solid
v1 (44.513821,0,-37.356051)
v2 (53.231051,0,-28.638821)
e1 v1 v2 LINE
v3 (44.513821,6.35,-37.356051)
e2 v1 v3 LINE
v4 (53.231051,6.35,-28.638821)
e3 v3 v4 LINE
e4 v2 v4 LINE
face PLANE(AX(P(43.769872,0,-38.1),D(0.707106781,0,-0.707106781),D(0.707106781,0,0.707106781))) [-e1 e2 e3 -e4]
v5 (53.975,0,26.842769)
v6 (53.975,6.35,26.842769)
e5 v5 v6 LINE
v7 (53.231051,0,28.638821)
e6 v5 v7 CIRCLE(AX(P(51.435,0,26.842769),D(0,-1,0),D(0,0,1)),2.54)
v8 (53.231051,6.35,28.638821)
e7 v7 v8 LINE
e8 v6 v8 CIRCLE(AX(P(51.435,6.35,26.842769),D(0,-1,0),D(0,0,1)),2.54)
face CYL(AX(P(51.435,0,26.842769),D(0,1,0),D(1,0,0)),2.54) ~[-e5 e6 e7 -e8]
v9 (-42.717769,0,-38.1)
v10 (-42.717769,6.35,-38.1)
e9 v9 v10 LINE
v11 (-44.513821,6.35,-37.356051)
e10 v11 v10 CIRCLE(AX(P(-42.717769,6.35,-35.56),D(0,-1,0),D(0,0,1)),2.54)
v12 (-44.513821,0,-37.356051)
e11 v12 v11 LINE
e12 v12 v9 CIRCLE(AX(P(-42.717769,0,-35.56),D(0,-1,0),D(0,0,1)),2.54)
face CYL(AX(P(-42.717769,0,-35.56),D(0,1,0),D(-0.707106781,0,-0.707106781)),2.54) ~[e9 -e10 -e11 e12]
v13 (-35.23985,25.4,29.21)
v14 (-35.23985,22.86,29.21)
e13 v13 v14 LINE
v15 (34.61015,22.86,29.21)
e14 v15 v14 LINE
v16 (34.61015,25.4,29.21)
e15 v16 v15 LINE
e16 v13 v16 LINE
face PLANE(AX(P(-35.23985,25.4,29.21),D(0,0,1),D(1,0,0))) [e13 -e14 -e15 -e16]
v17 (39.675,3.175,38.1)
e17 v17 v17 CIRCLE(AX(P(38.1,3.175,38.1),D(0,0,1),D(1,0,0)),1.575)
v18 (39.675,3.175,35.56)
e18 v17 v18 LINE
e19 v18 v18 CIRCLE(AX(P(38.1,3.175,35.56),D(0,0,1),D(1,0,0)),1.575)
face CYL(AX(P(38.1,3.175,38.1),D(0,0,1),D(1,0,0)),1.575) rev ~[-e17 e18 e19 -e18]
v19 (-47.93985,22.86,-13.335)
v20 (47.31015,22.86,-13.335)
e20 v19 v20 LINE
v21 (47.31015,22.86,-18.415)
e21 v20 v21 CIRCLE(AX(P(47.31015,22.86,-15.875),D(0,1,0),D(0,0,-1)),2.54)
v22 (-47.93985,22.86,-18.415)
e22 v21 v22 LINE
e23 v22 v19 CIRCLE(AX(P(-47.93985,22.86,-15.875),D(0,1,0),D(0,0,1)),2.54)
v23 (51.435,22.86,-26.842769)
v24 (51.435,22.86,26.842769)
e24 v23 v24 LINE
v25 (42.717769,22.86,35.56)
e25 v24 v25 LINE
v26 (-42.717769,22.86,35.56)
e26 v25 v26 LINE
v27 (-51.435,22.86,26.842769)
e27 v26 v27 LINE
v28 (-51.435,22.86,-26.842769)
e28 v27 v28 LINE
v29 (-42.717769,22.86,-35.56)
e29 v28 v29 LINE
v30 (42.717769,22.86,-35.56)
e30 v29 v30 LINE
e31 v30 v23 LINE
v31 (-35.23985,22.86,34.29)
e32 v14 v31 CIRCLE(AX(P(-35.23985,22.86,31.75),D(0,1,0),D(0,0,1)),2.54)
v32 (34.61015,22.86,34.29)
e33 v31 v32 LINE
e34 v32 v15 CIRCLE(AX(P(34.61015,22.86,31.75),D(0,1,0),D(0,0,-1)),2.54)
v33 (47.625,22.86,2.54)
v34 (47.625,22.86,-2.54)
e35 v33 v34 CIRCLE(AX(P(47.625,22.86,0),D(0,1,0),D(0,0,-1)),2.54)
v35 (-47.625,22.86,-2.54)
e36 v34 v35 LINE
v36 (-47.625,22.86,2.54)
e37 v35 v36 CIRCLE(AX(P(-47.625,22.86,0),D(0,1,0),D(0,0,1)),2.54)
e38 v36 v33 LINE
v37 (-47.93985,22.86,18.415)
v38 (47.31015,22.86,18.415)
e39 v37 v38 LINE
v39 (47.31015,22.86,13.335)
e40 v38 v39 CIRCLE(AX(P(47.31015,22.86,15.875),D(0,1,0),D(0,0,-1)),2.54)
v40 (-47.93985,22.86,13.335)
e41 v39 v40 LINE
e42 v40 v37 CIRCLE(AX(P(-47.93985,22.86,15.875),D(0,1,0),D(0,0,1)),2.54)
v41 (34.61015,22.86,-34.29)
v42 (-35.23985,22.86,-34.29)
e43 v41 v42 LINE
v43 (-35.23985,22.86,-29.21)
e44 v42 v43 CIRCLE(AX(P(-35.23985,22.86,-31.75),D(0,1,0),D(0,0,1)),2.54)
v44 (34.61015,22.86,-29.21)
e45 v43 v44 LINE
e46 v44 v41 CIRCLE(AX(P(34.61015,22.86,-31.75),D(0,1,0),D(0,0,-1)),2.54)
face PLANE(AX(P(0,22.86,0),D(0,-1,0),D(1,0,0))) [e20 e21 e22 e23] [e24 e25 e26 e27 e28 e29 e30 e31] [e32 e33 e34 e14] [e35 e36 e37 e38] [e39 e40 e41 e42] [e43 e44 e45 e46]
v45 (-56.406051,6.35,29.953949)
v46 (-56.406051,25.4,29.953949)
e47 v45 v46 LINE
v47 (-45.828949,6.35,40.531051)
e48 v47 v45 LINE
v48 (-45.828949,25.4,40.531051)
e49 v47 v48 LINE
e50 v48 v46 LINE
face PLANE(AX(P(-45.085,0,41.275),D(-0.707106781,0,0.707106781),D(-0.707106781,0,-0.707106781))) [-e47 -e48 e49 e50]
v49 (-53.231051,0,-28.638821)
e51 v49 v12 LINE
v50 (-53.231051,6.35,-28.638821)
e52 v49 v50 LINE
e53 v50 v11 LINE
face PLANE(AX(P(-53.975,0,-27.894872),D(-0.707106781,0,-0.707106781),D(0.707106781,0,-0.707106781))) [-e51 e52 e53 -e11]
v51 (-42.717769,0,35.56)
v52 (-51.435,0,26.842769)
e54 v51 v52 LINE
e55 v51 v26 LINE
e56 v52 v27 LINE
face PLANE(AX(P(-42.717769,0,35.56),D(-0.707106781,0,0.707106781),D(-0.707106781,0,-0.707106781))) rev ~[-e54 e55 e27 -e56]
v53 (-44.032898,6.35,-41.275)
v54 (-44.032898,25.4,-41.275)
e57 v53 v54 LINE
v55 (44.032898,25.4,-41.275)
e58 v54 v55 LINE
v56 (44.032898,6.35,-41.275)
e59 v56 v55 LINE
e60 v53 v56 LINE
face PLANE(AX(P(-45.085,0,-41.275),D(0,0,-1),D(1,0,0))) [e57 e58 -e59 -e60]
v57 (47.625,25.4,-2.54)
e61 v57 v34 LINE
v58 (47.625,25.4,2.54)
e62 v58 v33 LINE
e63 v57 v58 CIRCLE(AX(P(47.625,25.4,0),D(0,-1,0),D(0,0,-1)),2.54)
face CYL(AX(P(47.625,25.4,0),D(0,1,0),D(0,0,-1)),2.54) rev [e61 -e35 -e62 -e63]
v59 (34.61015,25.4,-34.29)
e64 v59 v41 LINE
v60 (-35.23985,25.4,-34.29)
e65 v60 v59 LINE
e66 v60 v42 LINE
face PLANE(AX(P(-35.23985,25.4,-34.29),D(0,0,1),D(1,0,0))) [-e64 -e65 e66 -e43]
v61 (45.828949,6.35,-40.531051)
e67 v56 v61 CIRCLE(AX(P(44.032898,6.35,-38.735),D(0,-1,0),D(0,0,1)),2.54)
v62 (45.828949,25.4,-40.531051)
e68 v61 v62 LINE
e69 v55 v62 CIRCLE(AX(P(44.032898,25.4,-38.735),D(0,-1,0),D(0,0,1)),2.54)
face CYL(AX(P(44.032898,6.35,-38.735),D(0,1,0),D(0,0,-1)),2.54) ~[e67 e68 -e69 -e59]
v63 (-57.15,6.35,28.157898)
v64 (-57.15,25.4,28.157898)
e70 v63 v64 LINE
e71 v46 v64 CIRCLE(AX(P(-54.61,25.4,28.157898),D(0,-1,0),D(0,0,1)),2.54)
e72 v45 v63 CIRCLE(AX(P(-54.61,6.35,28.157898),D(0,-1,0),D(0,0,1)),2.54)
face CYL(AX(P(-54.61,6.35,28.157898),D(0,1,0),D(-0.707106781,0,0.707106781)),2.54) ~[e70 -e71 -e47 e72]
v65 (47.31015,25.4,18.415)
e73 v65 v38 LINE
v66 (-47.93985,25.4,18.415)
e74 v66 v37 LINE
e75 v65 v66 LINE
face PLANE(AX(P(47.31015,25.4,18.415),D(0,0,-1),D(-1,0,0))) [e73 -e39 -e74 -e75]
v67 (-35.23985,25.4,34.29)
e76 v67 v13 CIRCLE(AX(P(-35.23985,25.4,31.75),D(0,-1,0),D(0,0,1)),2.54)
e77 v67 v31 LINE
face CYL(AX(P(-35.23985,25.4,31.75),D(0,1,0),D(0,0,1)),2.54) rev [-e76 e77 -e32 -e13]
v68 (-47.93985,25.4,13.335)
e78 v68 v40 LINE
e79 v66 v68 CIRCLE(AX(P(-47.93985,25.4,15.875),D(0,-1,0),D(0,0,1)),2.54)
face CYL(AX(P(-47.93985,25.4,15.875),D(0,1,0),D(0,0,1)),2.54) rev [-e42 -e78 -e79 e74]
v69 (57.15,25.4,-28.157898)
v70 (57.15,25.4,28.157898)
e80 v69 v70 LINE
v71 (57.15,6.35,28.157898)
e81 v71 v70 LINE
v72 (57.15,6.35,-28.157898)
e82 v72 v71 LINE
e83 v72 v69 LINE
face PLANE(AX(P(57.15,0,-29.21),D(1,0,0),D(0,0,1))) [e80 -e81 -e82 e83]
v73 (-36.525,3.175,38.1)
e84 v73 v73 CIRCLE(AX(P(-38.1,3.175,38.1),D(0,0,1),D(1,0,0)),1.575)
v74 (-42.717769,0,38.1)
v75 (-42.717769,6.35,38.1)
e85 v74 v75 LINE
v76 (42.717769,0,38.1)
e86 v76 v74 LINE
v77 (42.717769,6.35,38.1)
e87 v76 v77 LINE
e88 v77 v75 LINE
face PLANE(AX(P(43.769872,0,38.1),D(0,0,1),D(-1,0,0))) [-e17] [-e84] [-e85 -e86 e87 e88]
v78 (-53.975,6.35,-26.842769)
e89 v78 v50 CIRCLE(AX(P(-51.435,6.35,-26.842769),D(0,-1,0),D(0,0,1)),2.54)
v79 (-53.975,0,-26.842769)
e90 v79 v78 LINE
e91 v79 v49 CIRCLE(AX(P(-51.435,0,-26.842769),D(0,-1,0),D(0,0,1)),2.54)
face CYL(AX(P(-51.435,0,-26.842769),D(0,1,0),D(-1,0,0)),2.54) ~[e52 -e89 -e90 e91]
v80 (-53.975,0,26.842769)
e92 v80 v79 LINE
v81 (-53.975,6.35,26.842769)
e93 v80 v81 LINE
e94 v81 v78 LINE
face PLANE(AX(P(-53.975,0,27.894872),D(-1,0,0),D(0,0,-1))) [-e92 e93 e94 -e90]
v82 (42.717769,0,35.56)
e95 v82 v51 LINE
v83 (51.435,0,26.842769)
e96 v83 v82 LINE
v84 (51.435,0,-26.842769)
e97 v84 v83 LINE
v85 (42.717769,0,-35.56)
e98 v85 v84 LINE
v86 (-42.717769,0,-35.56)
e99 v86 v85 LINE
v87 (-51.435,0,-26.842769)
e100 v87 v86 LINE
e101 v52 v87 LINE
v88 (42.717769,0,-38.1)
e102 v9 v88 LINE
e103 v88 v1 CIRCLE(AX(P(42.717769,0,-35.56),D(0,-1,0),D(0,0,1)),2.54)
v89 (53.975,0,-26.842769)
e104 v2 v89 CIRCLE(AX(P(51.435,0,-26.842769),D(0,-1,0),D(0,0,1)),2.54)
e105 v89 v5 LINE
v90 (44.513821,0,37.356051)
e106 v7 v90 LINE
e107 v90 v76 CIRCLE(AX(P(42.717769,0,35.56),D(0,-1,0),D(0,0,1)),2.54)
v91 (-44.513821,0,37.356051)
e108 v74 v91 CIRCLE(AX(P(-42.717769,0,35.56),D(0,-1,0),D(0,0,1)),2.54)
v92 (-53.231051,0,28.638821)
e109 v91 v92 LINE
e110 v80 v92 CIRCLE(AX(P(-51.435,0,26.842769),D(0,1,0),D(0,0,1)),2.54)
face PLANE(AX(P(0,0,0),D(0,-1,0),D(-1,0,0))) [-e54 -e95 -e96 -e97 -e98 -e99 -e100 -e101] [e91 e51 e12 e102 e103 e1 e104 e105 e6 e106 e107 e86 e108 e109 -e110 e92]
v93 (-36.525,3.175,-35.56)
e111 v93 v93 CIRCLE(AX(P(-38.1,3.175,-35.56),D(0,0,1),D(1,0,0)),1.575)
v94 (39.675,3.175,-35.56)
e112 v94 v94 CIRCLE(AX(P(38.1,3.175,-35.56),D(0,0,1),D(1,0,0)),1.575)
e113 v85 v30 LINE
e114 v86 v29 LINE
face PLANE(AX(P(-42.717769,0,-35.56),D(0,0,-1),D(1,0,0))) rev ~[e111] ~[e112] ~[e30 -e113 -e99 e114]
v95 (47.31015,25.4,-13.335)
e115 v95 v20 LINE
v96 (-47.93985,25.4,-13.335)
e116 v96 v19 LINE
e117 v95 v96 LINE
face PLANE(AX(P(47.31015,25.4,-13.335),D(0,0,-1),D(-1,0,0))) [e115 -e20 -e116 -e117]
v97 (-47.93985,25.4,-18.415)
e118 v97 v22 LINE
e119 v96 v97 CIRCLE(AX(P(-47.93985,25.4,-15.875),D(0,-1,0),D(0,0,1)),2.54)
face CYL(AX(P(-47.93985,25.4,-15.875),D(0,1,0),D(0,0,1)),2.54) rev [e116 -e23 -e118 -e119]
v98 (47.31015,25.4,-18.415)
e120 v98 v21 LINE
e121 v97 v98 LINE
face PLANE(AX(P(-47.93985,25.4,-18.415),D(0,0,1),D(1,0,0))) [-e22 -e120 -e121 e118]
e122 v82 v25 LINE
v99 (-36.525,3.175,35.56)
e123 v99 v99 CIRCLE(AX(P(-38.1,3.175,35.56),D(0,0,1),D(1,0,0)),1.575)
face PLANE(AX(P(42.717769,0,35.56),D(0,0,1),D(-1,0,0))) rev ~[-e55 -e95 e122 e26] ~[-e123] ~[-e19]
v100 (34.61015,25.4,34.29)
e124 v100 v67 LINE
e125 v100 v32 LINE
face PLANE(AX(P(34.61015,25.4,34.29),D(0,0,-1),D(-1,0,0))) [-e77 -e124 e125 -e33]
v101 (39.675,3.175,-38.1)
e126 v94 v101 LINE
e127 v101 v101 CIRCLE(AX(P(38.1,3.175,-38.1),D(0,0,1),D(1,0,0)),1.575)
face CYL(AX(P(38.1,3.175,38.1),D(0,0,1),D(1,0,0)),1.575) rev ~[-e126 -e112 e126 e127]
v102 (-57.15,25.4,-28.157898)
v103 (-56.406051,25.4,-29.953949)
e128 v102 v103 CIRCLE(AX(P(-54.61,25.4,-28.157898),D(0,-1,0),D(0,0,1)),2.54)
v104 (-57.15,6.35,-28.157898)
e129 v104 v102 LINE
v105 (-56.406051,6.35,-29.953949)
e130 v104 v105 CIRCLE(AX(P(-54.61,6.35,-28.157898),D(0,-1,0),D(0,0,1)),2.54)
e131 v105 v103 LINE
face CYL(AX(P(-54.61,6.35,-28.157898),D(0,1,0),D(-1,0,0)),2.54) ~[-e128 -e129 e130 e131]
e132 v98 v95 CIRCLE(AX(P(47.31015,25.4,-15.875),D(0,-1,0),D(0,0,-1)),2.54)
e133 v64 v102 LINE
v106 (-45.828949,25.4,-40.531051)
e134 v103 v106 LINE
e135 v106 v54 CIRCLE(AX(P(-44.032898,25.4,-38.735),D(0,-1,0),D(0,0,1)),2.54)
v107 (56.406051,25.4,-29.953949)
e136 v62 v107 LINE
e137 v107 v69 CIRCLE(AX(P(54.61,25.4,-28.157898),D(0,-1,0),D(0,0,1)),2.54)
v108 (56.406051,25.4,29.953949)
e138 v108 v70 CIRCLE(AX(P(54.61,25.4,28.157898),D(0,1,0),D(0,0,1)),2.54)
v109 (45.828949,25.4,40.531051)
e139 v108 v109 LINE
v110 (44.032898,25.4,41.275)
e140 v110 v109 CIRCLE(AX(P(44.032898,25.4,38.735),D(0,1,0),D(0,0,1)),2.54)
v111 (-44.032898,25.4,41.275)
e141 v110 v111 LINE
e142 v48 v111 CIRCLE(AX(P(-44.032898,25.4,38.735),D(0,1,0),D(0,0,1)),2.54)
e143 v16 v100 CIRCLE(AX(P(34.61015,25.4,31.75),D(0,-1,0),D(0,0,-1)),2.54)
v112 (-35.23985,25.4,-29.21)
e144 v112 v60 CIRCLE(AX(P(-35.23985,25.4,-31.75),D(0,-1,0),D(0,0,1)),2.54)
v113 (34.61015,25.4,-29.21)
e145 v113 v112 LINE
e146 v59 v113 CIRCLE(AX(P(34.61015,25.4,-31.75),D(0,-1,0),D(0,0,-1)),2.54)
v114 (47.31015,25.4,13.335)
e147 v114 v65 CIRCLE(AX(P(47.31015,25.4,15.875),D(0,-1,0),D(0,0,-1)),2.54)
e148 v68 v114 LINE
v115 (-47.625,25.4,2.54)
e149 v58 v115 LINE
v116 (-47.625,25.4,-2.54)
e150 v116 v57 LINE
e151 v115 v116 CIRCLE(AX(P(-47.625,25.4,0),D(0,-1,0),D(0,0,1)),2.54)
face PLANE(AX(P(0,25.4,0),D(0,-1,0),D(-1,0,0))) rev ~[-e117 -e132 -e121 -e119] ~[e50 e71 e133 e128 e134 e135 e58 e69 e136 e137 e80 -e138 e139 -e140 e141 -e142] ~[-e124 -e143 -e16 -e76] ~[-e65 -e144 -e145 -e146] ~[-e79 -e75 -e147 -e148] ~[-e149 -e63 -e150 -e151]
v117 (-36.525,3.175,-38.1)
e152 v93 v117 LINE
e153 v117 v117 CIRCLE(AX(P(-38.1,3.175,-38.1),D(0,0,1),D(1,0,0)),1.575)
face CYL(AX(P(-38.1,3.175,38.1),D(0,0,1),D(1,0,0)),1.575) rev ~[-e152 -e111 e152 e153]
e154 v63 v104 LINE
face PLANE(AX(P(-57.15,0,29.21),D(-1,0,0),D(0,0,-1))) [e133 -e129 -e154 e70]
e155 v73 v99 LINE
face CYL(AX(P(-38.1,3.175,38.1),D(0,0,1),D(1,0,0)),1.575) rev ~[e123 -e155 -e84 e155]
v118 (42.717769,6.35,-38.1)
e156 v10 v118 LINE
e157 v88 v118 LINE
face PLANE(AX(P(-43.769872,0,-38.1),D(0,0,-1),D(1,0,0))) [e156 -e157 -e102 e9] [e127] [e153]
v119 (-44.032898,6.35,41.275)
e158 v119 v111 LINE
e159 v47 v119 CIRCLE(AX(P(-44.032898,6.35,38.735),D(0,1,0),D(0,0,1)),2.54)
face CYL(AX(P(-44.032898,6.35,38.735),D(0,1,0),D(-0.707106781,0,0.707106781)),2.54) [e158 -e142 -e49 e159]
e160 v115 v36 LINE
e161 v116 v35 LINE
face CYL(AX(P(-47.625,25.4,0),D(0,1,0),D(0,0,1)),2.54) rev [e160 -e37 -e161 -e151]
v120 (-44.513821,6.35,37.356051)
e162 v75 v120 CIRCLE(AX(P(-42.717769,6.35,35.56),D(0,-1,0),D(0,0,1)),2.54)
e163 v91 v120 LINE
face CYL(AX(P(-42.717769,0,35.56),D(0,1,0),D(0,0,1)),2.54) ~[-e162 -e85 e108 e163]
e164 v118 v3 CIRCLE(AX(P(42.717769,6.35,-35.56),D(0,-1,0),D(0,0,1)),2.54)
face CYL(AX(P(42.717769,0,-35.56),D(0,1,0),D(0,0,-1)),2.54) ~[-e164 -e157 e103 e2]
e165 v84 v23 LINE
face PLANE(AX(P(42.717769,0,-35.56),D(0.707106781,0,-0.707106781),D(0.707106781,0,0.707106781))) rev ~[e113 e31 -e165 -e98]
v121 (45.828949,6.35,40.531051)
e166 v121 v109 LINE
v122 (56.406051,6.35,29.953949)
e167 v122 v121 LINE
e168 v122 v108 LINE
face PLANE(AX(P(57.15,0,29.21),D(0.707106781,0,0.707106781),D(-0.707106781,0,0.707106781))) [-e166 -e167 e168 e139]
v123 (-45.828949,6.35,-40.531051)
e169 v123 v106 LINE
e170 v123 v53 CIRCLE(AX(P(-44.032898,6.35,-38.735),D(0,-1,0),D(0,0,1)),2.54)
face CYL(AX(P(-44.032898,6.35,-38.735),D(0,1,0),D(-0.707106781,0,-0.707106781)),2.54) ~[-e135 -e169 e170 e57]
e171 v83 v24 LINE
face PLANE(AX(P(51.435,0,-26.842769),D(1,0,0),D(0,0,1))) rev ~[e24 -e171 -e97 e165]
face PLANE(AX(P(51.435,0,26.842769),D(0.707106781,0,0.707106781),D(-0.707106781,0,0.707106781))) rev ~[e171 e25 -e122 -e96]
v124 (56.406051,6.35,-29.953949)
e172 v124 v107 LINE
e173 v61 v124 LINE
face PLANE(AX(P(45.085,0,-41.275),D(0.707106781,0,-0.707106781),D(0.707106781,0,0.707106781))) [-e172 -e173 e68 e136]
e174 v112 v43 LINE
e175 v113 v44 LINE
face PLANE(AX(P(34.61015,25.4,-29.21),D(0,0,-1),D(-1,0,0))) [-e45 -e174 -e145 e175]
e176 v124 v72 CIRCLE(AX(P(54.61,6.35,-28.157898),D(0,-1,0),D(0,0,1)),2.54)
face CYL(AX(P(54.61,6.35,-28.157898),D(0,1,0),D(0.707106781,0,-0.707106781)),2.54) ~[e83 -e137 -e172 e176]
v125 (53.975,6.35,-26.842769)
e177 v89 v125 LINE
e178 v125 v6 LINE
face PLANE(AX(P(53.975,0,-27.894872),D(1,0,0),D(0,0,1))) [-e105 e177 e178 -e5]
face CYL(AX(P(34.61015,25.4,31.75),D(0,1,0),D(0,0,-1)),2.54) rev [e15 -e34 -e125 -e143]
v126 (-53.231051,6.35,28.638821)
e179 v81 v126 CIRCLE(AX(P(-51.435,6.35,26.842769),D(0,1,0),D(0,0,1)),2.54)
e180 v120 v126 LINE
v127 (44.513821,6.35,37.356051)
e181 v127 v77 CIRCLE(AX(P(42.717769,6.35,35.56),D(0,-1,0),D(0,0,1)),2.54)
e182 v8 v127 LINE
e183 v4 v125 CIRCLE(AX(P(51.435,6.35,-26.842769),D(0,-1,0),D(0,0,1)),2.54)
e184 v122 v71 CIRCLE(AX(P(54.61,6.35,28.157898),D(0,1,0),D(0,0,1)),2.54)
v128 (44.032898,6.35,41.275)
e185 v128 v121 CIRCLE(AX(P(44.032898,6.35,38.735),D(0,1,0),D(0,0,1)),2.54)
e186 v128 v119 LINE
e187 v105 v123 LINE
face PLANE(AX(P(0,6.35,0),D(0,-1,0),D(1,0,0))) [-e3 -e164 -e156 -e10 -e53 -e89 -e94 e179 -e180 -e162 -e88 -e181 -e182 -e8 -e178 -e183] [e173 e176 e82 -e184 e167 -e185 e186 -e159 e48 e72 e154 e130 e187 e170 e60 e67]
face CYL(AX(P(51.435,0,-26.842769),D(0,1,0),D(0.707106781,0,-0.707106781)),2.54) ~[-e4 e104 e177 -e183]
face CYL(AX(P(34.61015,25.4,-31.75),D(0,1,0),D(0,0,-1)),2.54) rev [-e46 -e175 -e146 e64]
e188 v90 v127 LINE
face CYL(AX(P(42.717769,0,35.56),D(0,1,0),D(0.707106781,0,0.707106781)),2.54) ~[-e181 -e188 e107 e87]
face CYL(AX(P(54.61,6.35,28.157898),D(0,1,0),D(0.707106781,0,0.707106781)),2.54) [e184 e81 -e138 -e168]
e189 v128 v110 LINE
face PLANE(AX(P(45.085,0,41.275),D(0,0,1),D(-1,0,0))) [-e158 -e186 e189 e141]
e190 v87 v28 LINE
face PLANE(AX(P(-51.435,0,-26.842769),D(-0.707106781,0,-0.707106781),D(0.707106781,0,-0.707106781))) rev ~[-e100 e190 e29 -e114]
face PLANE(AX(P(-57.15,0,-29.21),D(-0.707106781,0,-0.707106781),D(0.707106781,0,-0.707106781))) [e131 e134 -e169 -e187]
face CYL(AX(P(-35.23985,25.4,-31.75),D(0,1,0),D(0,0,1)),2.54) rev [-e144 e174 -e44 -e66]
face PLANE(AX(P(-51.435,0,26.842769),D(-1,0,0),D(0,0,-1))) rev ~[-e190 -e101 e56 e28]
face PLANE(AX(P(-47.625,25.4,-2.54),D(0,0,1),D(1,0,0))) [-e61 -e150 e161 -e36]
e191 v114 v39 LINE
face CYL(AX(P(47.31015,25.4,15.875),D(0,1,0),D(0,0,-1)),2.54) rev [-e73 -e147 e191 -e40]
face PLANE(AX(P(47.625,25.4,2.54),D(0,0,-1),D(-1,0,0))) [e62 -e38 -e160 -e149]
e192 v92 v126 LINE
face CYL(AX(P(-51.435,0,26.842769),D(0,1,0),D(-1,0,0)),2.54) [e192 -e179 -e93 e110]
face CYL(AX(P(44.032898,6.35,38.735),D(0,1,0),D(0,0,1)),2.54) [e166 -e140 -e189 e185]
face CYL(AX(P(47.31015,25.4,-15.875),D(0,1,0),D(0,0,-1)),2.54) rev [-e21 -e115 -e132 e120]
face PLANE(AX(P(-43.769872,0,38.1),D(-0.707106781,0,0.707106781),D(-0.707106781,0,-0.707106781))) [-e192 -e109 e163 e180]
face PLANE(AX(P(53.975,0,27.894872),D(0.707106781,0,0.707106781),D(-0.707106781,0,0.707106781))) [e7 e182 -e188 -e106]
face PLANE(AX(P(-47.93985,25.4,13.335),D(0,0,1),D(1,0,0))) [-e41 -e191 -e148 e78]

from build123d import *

# Parameters (mm, degrees)
BOSS_EXTRUDE1_DEPTH = 25.4
CUT_EXTRUDE1_DEPTH  = 6.35
CUT_EXTRUDE2_DEPTH  = 22.86
SKETCH4_R           = 1.575
CUT_EXTRUDE3_DEPTH  = 102.052823439
CUT_EXTRUDE4_DEPTH  = 75.93269063
FILLET1_R           = 2.54


with BuildPart() as part:
    # Sketch1 → Boss-Extrude1 (new body)
    with BuildSketch(Plane(origin=(0, 0, 0), x_dir=(1, 0, 0), z_dir=(0, 1, 0))):
        Polygon((-45.085, -41.275), (-57.15, -29.21), (-57.15, 29.21), (-45.085, 41.275), (45.085, 41.275), (57.15, 29.21), (57.15, -29.21), (45.085, -41.275), align=None)
    extrude(amount=BOSS_EXTRUDE1_DEPTH)

    # Sketch2 → Cut-Extrude1 (cut)
    with BuildSketch(Plane.XZ):
        Polygon((-57.15, 29.21), (-57.15, -29.21), (-45.085, -41.275), (45.085, -41.275), (57.15, -29.21), (57.15, 29.21), (45.085, 41.275), (-45.085, 41.275), align=None)
        Polygon((-53.975, 27.894871939), (-53.975, -27.894871939), (-43.769871939, -38.1), (43.769871939, -38.1), (53.975, -27.894871939), (53.975, 27.894871939), (43.769871939, 38.1), (-43.769871939, 38.1), align=None, mode=Mode.SUBTRACT)
    extrude(amount=-CUT_EXTRUDE1_DEPTH, mode=Mode.SUBTRACT)

    # Sketch3 → Cut-Extrude2 (cut)
    with BuildSketch(Plane.XZ):
        Polygon((-51.435, 26.842769491), (-51.435, -26.842769491), (-42.717769491, -35.56), (42.717769491, -35.56), (51.435, -26.842769491), (51.435, 26.842769491), (42.717769491, 35.56), (-42.717769491, 35.56), align=None)
    extrude(amount=-CUT_EXTRUDE2_DEPTH, mode=Mode.SUBTRACT)

    # Sketch4 → Cut-Extrude3 (cut, through all)
    with BuildSketch(Plane.XY.offset(38.1)):
        with Locations((-38.1, 3.175)):
            Circle(SKETCH4_R)
        with Locations((38.1, 3.175)):
            Circle(SKETCH4_R)
    extrude(amount=-CUT_EXTRUDE3_DEPTH, mode=Mode.SUBTRACT)

    # Sketch5 → Cut-Extrude4 (cut, through all)
    with BuildSketch(Plane(origin=(0, 25.4, 0), x_dir=(1, 0, 0), z_dir=(0, 1, 0))):
        with BuildLine():
            Line((-35.239850105, 34.29), (34.610149895, 34.29))
            ThreePointArc((34.610149895, 34.29), (37.150149895, 31.75), (34.610149895, 29.21))
            Line((34.610149895, 29.21), (-35.239850105, 29.21))
            ThreePointArc((-35.239850105, 29.21), (-37.779850105, 31.75), (-35.239850105, 34.29))
        make_face()
        with BuildLine():
            Line((-47.625, 2.54), (47.625, 2.54))
            ThreePointArc((47.625, 2.54), (50.165, 0), (47.625, -2.54))
            Line((47.625, -2.54), (-47.625, -2.54))
            ThreePointArc((-47.625, -2.54), (-50.165, 0), (-47.625, 2.54))
        make_face()
        with BuildLine():
            Line((-35.239850105, -29.21), (34.610149895, -29.21))
            ThreePointArc((34.610149895, -29.21), (37.150149895, -31.75), (34.610149895, -34.29))
            Line((34.610149895, -34.29), (-35.239850105, -34.29))
            ThreePointArc((-35.239850105, -34.29), (-37.779850105, -31.75), (-35.239850105, -29.21))
        make_face()
        with BuildLine():
            Line((-47.939850105, -13.335), (47.310149895, -13.335))
            ThreePointArc((47.310149895, -13.335), (49.850149895, -15.875), (47.310149895, -18.415))
            Line((47.310149895, -18.415), (-47.939850105, -18.415))
            ThreePointArc((-47.939850105, -18.415), (-50.479850105, -15.875), (-47.939850105, -13.335))
        make_face()
        with BuildLine():
            Line((-47.939850105, 18.415), (47.310149895, 18.415))
            ThreePointArc((47.310149895, 18.415), (49.850149895, 15.875), (47.310149895, 13.335))
            Line((47.310149895, 13.335), (-47.939850105, 13.335))
            ThreePointArc((-47.939850105, 13.335), (-50.479850105, 15.875), (-47.939850105, 18.415))
        make_face()
    extrude(amount=-CUT_EXTRUDE4_DEPTH, mode=Mode.SUBTRACT)

    # Fillet1
    fillet1_edges = [part.edges().sort_by_distance(p)[0] for p in [
        (-45.085, 15.875, 41.275),
        (-57.15, 15.875, 29.21),
        (-57.15, 15.875, -29.21),
        (-45.085, 15.875, -41.275),
        (45.085, 15.875, -41.275),
        (57.15, 15.875, -29.21),
        (57.15, 15.875, 29.21),
        (45.085, 15.875, 41.275),
        (-43.769871939, 3.175, 38.1),
        (43.769871939, 3.175, 38.1),
        (53.975, 3.175, 27.894871939),
        (53.975, 3.175, -27.894871939),
        (43.769871939, 3.175, -38.1),
        (-43.769871939, 3.175, -38.1),
        (-53.975, 3.175, -27.894871939),
        (-53.975, 3.175, 27.894871939),
    ]]
    fillet(fillet1_edges, radius=FILLET1_R)


solid = part.part
